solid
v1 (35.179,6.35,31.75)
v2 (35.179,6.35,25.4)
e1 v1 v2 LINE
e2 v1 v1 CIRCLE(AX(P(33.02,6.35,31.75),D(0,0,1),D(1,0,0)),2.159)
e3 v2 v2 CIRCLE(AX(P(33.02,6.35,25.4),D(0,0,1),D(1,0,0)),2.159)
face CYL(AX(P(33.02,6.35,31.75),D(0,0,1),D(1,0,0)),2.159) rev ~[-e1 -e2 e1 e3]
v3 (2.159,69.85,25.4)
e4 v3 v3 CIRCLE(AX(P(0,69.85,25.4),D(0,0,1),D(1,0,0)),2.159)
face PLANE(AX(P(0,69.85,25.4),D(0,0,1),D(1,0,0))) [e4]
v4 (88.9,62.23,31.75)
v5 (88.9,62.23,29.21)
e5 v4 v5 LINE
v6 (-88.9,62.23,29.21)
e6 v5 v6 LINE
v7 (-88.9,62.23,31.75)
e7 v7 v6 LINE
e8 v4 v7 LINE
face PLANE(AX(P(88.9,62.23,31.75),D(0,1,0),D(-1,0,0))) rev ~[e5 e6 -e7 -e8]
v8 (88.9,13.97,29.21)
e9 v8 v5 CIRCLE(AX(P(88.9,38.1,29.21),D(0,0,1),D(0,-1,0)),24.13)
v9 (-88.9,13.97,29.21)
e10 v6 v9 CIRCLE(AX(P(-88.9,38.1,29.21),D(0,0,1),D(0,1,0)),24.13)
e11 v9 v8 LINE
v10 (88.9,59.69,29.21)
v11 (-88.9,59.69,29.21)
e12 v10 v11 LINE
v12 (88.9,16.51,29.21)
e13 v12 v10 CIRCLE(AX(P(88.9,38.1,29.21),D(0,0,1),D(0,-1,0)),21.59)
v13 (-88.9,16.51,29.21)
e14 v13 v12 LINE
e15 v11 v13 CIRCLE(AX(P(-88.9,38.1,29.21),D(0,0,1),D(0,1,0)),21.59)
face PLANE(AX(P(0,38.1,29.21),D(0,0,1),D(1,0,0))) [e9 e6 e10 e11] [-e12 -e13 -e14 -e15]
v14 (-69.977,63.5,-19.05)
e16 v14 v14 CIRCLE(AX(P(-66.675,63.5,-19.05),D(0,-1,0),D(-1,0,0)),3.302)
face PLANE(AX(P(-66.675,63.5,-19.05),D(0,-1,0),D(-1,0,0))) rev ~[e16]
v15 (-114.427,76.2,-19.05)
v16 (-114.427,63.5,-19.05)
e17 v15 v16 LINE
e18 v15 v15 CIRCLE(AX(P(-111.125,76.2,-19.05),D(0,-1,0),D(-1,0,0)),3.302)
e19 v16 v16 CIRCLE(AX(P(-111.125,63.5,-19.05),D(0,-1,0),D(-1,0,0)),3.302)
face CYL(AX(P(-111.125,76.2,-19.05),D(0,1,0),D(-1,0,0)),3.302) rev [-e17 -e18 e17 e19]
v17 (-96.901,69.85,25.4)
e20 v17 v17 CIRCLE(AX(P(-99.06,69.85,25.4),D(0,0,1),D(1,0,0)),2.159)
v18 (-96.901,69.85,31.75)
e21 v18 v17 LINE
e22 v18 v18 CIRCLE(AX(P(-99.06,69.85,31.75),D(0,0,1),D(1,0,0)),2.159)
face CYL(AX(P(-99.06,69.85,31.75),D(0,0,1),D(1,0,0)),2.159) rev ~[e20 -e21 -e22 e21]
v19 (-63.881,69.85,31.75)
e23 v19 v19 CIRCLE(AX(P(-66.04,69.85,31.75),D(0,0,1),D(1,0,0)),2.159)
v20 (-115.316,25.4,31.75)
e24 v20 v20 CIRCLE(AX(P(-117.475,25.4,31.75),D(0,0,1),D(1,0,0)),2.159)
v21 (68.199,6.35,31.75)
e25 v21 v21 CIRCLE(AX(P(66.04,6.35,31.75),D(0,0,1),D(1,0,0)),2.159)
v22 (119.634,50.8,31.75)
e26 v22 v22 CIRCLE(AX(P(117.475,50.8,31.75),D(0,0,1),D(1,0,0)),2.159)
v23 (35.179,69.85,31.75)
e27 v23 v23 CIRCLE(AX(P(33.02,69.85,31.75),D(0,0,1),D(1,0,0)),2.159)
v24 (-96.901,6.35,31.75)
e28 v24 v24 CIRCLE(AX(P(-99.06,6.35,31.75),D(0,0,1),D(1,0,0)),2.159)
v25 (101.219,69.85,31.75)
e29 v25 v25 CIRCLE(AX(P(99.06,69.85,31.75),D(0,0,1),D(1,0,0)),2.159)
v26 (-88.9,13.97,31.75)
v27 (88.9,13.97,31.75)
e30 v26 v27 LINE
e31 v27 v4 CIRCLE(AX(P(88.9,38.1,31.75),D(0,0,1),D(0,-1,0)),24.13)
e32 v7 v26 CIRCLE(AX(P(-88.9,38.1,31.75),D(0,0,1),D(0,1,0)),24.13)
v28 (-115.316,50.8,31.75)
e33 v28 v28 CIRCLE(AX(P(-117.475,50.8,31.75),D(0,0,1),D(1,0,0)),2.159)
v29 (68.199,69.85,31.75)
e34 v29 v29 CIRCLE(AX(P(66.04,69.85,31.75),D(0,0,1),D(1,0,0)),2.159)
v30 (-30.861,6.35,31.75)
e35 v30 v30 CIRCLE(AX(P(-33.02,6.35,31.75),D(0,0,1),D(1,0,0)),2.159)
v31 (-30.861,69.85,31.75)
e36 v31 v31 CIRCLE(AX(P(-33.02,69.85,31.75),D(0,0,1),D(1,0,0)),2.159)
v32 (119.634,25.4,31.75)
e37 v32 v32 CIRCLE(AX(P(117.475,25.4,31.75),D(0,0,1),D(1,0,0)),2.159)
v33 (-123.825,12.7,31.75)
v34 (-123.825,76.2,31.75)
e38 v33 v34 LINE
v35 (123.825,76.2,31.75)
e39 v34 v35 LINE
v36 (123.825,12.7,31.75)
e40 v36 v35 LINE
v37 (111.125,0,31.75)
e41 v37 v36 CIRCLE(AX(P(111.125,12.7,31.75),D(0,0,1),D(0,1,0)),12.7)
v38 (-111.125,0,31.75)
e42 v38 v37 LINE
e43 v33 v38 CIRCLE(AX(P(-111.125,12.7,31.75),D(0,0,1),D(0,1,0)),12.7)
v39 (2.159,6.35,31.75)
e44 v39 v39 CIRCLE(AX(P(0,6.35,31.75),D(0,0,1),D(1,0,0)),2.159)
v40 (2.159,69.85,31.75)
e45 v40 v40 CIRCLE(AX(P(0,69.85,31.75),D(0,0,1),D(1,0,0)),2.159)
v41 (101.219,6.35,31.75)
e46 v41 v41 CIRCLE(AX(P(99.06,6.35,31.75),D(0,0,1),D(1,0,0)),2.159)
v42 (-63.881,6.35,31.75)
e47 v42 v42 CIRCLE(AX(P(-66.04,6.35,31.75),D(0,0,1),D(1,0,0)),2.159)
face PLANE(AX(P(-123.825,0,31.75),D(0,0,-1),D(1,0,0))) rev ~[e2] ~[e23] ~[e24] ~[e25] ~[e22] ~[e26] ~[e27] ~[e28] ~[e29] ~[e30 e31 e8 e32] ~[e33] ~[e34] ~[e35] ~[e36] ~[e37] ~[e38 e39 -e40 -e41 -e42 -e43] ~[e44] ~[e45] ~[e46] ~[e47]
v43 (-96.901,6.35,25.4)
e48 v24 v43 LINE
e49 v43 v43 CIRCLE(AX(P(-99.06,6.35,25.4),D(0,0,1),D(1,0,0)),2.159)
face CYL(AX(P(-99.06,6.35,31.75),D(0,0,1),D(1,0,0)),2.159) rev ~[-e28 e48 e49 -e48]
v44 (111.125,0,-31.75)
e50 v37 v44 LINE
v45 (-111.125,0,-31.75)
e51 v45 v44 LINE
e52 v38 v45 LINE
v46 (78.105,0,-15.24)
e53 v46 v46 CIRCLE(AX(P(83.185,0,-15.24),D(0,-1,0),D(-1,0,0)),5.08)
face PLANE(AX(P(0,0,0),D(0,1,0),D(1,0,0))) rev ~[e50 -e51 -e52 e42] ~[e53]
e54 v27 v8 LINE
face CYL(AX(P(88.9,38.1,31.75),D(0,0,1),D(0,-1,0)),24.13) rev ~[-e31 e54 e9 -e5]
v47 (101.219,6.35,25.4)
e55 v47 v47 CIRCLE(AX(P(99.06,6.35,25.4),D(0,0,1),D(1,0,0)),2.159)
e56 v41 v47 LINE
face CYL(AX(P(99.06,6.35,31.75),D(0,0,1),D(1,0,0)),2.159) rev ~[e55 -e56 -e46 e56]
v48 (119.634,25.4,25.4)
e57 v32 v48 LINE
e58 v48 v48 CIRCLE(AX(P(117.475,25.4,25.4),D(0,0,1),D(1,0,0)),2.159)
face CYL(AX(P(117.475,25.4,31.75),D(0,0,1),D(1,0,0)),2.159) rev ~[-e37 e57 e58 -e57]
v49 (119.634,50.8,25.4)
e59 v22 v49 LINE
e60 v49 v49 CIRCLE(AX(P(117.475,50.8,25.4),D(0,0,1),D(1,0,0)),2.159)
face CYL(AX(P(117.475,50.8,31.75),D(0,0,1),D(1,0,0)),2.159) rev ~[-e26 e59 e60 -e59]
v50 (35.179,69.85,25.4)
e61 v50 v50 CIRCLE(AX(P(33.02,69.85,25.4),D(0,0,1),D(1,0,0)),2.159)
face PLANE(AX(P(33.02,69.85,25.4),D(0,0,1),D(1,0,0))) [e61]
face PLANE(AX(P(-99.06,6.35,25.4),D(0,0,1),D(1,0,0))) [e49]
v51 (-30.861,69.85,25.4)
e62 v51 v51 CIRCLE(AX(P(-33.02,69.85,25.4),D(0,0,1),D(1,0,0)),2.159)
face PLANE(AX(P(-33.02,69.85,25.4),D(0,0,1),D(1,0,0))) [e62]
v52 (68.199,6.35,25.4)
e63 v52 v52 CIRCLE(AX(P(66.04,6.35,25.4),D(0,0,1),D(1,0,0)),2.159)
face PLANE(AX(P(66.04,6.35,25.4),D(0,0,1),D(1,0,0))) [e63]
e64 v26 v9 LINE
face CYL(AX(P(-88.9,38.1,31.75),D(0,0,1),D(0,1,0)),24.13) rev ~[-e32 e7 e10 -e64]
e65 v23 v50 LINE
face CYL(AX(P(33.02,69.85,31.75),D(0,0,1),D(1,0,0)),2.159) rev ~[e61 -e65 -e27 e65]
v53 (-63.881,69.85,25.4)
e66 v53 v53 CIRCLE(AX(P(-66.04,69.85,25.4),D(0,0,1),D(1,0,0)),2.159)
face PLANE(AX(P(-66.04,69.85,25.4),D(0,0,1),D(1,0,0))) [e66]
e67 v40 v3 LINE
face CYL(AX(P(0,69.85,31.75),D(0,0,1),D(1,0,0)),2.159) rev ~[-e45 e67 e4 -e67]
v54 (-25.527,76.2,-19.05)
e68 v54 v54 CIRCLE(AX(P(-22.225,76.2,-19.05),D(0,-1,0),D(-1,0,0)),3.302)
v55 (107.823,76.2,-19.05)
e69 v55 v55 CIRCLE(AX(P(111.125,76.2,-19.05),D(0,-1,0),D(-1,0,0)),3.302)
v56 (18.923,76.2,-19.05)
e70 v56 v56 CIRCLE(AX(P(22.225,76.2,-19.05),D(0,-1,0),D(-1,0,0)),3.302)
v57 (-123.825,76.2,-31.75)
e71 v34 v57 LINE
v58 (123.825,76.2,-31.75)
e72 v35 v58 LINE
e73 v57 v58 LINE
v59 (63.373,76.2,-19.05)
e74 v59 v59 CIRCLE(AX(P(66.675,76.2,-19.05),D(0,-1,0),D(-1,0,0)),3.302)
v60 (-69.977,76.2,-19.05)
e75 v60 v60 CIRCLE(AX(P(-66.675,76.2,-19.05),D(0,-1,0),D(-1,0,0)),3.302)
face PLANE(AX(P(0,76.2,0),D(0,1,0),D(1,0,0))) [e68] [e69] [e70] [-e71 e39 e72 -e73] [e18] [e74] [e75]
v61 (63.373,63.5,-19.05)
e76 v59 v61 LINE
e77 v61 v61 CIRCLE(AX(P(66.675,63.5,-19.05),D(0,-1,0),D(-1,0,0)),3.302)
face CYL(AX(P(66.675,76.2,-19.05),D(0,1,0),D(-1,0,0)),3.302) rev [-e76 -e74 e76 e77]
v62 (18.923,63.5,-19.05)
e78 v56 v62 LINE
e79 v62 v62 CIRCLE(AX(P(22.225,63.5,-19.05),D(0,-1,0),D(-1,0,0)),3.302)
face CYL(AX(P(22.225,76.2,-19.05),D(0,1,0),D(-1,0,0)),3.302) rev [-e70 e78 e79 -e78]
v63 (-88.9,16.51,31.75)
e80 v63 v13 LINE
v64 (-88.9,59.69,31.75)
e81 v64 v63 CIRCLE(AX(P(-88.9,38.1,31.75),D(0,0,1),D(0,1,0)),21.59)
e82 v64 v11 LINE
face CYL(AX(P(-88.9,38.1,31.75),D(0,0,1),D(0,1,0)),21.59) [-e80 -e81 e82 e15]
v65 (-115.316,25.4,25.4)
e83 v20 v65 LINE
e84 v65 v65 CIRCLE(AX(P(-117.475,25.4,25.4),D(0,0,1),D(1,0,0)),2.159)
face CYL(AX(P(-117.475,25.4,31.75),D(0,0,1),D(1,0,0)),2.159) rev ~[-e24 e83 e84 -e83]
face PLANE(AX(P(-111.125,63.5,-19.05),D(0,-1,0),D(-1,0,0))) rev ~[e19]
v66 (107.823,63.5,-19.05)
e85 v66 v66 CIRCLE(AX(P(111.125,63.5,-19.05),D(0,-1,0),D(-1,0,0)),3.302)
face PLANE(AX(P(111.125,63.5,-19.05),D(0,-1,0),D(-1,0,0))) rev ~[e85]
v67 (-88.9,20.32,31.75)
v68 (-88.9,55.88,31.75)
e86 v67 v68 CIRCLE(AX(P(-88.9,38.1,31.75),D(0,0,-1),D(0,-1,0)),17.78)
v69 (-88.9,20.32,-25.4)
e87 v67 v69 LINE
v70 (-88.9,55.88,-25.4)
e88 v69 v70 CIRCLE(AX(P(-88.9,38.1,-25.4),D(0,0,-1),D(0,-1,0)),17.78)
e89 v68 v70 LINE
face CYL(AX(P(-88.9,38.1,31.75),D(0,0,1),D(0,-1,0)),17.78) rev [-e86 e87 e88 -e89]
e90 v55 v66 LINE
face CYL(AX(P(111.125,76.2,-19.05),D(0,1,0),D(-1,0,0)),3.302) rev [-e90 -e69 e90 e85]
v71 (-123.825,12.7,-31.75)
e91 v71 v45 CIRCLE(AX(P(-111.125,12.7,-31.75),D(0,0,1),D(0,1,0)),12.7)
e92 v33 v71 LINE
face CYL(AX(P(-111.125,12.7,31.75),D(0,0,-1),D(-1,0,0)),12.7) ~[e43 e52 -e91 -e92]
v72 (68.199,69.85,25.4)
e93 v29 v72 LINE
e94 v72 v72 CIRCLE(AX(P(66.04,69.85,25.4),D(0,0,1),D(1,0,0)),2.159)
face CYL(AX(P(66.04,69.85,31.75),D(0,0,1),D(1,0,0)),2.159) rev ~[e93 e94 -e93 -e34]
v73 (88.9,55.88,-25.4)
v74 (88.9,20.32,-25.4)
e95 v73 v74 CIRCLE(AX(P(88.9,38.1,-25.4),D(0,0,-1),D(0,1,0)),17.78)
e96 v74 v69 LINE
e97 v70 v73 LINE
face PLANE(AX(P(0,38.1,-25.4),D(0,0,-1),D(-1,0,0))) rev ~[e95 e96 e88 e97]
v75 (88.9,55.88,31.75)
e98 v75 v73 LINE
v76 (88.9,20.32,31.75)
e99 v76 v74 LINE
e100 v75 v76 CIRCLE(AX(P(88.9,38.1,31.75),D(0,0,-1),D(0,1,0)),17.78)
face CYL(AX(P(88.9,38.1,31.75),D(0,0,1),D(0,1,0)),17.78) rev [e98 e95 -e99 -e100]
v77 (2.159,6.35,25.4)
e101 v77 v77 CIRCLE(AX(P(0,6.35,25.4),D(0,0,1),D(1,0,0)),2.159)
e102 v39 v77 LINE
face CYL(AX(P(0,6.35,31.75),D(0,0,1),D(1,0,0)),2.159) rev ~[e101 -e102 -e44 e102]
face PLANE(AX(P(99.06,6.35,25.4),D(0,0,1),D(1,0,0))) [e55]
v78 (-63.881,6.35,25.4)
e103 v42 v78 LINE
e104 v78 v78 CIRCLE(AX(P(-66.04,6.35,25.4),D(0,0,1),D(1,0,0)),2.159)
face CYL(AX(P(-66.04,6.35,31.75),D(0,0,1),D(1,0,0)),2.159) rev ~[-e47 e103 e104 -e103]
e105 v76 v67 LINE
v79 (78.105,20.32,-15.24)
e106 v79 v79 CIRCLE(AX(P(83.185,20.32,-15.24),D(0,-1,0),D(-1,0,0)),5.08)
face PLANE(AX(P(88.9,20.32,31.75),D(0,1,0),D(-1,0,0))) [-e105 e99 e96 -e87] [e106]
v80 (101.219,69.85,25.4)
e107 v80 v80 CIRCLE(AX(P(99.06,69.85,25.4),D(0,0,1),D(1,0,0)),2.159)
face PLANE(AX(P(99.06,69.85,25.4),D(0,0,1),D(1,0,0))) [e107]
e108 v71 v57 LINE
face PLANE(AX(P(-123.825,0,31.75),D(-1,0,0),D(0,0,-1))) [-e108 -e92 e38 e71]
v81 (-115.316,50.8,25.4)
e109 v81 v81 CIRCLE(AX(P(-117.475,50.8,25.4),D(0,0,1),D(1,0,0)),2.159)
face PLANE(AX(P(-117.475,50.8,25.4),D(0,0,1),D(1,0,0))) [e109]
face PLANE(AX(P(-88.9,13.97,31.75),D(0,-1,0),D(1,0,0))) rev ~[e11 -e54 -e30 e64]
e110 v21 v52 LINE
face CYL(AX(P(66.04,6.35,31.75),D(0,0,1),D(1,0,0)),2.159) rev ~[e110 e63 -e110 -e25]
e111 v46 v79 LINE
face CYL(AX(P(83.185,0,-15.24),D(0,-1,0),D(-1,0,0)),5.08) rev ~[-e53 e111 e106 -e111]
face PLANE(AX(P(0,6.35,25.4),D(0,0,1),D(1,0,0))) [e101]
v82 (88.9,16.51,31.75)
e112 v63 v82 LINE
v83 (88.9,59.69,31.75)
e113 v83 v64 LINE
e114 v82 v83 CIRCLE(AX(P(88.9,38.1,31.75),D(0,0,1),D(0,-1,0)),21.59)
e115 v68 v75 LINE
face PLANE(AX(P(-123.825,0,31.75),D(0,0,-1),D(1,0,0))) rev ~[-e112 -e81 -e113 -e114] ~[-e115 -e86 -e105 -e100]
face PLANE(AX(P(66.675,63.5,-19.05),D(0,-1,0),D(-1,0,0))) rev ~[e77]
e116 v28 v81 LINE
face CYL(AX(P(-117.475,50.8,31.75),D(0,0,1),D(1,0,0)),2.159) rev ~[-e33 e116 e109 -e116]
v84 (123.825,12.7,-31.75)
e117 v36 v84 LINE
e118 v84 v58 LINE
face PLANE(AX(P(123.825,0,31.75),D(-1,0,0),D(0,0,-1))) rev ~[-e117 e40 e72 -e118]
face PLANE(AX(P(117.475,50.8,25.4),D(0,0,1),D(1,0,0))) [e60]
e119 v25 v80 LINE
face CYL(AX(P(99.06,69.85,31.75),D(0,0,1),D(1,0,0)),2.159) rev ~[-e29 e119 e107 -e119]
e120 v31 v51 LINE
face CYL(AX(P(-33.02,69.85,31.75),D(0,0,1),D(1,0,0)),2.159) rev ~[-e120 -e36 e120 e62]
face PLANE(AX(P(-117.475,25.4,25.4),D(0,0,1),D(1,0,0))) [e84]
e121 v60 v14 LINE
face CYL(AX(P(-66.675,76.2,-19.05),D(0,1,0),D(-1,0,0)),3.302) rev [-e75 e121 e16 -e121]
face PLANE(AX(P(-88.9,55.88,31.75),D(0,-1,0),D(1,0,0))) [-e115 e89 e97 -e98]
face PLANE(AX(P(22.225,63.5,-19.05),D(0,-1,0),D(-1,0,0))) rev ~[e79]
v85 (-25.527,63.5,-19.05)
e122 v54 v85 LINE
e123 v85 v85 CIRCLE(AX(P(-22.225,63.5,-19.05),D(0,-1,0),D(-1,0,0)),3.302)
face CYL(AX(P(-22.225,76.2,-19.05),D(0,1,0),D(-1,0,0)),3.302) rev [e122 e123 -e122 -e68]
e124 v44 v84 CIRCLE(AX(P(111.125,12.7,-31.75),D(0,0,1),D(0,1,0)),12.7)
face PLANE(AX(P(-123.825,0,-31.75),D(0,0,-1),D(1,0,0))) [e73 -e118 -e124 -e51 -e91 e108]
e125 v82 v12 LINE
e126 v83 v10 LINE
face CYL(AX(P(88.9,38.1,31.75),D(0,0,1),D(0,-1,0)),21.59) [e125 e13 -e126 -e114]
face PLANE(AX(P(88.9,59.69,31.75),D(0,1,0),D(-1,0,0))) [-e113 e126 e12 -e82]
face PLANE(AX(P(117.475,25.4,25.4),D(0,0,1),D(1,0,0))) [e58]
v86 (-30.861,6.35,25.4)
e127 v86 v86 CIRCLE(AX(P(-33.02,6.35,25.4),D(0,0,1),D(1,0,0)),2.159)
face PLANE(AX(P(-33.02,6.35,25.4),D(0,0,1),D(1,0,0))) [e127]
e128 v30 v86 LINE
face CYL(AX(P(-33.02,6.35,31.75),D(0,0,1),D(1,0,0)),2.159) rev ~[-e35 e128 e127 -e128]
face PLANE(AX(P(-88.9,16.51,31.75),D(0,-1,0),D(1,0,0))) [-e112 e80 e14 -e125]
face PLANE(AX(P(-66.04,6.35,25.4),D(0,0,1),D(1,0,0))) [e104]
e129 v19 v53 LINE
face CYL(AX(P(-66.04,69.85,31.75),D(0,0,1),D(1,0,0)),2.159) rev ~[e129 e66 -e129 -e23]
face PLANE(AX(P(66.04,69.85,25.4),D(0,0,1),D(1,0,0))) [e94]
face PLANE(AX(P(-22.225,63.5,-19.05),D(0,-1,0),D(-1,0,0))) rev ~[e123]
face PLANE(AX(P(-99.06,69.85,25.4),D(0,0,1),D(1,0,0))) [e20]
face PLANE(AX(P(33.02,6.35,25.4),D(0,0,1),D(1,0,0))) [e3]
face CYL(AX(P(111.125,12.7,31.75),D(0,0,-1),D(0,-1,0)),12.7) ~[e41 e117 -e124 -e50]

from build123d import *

# Parameters (mm, degrees)
SKETCH1_W           = 247.65
SKETCH1_H           = 63.5
BOSS_EXTRUDE1_DEPTH = 76.2
CUT_EXTRUDE1_DEPTH  = 57.15
SKETCH5_R           = 2.159
CUT_EXTRUDE3_DEPTH  = 6.35
SKETCH7_R           = 5.08
CUT_EXTRUDE5_DEPTH  = 25.4
FILLET1_R           = 12.7
CUT_EXTRUDE6_DEPTH  = 2.54
SKETCH9_R           = 3.302
CUT_EXTRUDE7_DEPTH  = 12.7


with BuildPart() as part:
    # Sketch1 → Boss-Extrude1 (new body)
    with BuildSketch(Plane(origin=(0, 0, 0), x_dir=(1, 0, 0), z_dir=(0, 1, 0))):
        Rectangle(SKETCH1_W, SKETCH1_H)
    extrude(amount=BOSS_EXTRUDE1_DEPTH)

    # Sketch2 → Cut-Extrude1 (cut)
    with BuildSketch(Plane.XY.offset(31.75)):
        with BuildLine():
            Line((-88.9, 55.88), (88.9, 55.88))
            ThreePointArc((88.9, 55.88), (106.68, 38.1), (88.9, 20.32))
            Line((88.9, 20.32), (-88.9, 20.32))
            ThreePointArc((-88.9, 20.32), (-106.68, 38.1), (-88.9, 55.88))
        make_face()
    extrude(amount=-CUT_EXTRUDE1_DEPTH, mode=Mode.SUBTRACT)

    # Sketch5 → Cut-Extrude3 (cut)
    with BuildSketch(Plane.XY.offset(31.75)):
        with Locations((0, 69.85)):
            Circle(SKETCH5_R)
        with Locations((33.02, 69.85)):
            Circle(SKETCH5_R)
        with Locations((66.04, 69.85)):
            Circle(SKETCH5_R)
        with Locations((-66.04, 69.85)):
            Circle(SKETCH5_R)
        with Locations((-33.02, 69.85)):
            Circle(SKETCH5_R)
        with Locations((-99.06, 69.85)):
            Circle(SKETCH5_R)
        with Locations((99.06, 69.85)):
            Circle(SKETCH5_R)
        with Locations((-99.06, 6.35)):
            Circle(SKETCH5_R)
        with Locations((-66.04, 6.35)):
            Circle(SKETCH5_R)
        with Locations((-33.02, 6.35)):
            Circle(SKETCH5_R)
        with Locations((0, 6.35)):
            Circle(SKETCH5_R)
        with Locations((33.02, 6.35)):
            Circle(SKETCH5_R)
        with Locations((66.04, 6.35)):
            Circle(SKETCH5_R)
        with Locations((99.06, 6.35)):
            Circle(SKETCH5_R)
        with Locations((-117.475, 50.8)):
            Circle(SKETCH5_R)
        with Locations((117.475, 50.8)):
            Circle(SKETCH5_R)
        with Locations((-117.475, 25.4)):
            Circle(SKETCH5_R)
        with Locations((117.475, 25.4)):
            Circle(SKETCH5_R)
    extrude(amount=-CUT_EXTRUDE3_DEPTH, mode=Mode.SUBTRACT)

    # Sketch7 → Cut-Extrude5 (cut)
    with BuildSketch(Plane(origin=(0, 0, 0), x_dir=(-1, 0, 0), z_dir=(0, -1, 0))):
        with Locations((-83.185, 15.24)):
            Circle(SKETCH7_R)
    extrude(amount=-CUT_EXTRUDE5_DEPTH, mode=Mode.SUBTRACT)

    # Fillet1
    fillet1_edges = [part.edges().sort_by_distance(p)[0] for p in [
        (-123.825, 0, 0),
        (123.825, 0, 0),
    ]]
    fillet(fillet1_edges, radius=FILLET1_R)

    # Sketch8 → Cut-Extrude6 (cut)
    with BuildSketch(Plane.XY.offset(31.75)):
        with BuildLine():
            Line((-88.9, 13.97), (88.9, 13.97))
            ThreePointArc((88.9, 13.97), (113.03, 38.1), (88.9, 62.23))
            Line((88.9, 62.23), (-88.9, 62.23))
            ThreePointArc((-88.9, 62.23), (-113.03, 38.1), (-88.9, 13.97))
        make_face()
        with BuildLine():
            ThreePointArc((88.9, 16.51), (110.49, 38.1), (88.9, 59.69))
            Line((88.9, 59.69), (-88.9, 59.69))
            ThreePointArc((-88.9, 59.69), (-110.49, 38.1), (-88.9, 16.51))
            Line((-88.9, 16.51), (88.9, 16.51))
        make_face(mode=Mode.SUBTRACT)
    extrude(amount=-CUT_EXTRUDE6_DEPTH, mode=Mode.SUBTRACT)

    # Sketch9 → Cut-Extrude7 (cut)
    with BuildSketch(Plane(origin=(0, 76.2, 44.45), x_dir=(-1, 0, 0), z_dir=(0, -1, 0))):
        with Locations((-111.125, 63.5)):
            Circle(SKETCH9_R)
        with Locations((-66.675, 63.5)):
            Circle(SKETCH9_R)
        with Locations((-22.225, 63.5)):
            Circle(SKETCH9_R)
        with Locations((22.225, 63.5)):
            Circle(SKETCH9_R)
        with Locations((66.675, 63.5)):
            Circle(SKETCH9_R)
        with Locations((111.125, 63.5)):
            Circle(SKETCH9_R)
    extrude(amount=CUT_EXTRUDE7_DEPTH, mode=Mode.SUBTRACT)


solid = part.part
